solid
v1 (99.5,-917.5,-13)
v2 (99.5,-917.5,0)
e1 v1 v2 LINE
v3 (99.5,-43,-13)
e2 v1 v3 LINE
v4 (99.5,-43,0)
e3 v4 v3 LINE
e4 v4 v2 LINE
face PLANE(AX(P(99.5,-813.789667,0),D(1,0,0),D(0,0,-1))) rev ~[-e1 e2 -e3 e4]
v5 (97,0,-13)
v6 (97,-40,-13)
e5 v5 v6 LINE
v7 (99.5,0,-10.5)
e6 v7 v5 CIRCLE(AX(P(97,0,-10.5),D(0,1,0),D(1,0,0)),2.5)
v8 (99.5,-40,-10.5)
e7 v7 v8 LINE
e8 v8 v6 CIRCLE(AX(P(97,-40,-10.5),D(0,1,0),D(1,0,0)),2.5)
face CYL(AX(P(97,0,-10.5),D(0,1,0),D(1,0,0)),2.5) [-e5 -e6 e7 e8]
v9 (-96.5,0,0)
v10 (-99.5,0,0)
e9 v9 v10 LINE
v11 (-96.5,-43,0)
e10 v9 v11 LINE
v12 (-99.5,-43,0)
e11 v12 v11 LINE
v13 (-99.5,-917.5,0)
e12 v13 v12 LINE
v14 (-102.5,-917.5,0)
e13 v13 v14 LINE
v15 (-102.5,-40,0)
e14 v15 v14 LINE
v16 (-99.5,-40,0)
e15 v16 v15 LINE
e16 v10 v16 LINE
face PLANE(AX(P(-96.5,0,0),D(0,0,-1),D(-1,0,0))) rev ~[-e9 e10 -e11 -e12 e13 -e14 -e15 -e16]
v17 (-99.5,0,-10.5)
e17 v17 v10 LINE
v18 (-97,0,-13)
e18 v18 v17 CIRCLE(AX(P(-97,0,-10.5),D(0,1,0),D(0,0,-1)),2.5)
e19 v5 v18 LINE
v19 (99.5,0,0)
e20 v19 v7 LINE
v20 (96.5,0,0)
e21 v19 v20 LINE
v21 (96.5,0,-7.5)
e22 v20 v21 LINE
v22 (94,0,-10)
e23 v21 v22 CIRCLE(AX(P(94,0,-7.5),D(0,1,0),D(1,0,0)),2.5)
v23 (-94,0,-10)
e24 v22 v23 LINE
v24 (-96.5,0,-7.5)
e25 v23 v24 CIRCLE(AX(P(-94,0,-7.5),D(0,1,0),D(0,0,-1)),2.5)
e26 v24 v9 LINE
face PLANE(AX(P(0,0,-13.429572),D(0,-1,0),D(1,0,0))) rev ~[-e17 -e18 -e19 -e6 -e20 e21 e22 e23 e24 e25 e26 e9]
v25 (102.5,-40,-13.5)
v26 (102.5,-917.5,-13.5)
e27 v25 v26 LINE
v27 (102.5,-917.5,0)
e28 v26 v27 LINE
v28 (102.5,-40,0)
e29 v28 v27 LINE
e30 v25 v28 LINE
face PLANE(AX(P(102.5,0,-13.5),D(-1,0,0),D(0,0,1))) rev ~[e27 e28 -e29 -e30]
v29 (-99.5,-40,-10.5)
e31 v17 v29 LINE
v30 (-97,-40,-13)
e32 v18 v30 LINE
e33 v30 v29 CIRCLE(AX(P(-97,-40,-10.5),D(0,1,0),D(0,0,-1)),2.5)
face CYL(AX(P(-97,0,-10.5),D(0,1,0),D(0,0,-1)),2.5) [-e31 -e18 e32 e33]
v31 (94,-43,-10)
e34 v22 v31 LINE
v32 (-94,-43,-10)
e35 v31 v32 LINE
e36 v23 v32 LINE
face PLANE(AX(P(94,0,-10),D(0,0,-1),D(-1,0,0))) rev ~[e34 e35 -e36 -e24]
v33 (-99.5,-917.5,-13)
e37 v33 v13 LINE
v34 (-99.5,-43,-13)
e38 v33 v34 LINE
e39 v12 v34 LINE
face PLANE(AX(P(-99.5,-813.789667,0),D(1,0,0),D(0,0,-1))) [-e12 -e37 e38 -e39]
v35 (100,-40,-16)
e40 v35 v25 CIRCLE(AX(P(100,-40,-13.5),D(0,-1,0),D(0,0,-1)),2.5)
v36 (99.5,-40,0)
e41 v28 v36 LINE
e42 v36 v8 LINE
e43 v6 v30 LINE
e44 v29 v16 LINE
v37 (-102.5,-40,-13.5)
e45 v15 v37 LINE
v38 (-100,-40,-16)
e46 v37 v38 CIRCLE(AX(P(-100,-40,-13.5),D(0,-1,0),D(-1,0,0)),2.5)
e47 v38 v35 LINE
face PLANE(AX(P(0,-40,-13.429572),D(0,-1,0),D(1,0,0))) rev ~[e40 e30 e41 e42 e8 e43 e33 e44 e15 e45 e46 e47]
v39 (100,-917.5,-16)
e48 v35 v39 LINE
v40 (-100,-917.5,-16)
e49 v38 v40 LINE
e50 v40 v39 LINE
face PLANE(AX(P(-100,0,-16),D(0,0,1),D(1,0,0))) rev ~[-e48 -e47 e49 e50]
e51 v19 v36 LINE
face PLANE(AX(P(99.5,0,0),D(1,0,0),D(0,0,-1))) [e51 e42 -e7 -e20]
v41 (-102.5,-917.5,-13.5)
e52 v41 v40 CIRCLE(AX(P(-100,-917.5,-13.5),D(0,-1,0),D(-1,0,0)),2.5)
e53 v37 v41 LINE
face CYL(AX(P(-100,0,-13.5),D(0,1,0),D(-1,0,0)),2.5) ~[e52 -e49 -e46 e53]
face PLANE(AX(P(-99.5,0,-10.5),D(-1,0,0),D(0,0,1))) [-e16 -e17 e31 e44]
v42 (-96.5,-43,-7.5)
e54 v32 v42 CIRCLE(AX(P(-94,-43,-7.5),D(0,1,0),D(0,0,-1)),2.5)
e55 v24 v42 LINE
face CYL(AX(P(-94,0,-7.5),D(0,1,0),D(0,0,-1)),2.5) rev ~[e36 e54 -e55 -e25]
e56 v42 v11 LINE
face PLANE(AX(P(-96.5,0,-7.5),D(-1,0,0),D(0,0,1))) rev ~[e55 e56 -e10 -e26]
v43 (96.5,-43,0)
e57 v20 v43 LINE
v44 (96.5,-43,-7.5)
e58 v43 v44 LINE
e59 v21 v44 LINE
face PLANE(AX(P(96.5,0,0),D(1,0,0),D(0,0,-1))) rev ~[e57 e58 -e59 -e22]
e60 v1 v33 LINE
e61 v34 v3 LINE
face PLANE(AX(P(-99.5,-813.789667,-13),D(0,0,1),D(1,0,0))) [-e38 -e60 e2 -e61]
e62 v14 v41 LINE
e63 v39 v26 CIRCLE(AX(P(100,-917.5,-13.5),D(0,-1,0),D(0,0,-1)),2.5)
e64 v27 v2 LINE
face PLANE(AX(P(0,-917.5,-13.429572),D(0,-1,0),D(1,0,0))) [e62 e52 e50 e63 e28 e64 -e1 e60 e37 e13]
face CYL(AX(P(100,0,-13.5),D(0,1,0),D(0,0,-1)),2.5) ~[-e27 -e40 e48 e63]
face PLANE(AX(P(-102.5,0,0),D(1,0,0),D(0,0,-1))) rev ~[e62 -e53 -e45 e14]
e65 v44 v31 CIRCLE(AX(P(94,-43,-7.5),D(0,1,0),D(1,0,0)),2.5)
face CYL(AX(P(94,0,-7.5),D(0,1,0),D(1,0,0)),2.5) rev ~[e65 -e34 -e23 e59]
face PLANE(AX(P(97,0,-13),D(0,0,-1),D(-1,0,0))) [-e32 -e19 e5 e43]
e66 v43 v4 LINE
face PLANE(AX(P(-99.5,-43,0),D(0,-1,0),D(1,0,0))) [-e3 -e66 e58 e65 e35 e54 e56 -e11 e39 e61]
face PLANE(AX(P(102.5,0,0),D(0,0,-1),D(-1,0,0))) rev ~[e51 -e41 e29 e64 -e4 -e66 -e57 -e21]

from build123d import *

# Parameters (mm, degrees)
F1_DEPTH = 917.5
F2_DEPTH = 40
F3_W     = 199
F3_H     = 770.7896669658
F4_DEPTH = 13
F5_DEPTH = 110


with BuildPart() as f1:
    # F0 (on Front) → F1 (new body)
    with BuildSketch(Plane.XZ):
        with BuildLine():
            ThreePointArc((-102.5, -13.5), (-101.767766953, -15.267766953), (-100, -16))
            Line((-100, -16), (100, -16))
            ThreePointArc((100, -16), (101.767766953, -15.267766953), (102.5, -13.5))
            Line((102.5, -13.5), (102.5, 0))
            Line((102.5, 0), (99.5, 0))
            Line((99.5, 0), (99.5, -10.5))
            ThreePointArc((99.5, -10.5), (98.767766953, -12.267766953), (97, -13))
            Line((97, -13), (-97, -13))
            ThreePointArc((-97, -13), (-98.767766953, -12.267766953), (-99.5, -10.5))
            Line((-99.5, -10.5), (-99.5, 0))
            Line((-99.5, 0), (-102.5, 0))
            Line((-102.5, 0), (-102.5, -13.5))
        make_face()
        with BuildLine():
            Line((-96.5, 0), (-99.5, 0))
            Line((-99.5, 0), (-99.5, -10.5))
            ThreePointArc((-99.5, -10.5), (-98.767766953, -12.267766953), (-97, -13))
            Line((-97, -13), (97, -13))
            ThreePointArc((97, -13), (98.767766953, -12.267766953), (99.5, -10.5))
            Line((99.5, -10.5), (99.5, 0))
            Line((99.5, 0), (96.5, 0))
            Line((96.5, 0), (96.5, -7.5))
            ThreePointArc((96.5, -7.5), (95.767766953, -9.267766953), (94, -10))
            Line((94, -10), (-94, -10))
            ThreePointArc((-94, -10), (-95.767766953, -9.267766953), (-96.5, -7.5))
            Line((-96.5, -7.5), (-96.5, 0))
        make_face()
    extrude(amount=F1_DEPTH)

    # F0 (on Front) → F2 (cut)
    with BuildSketch(Plane.XZ):
        with BuildLine():
            ThreePointArc((-102.5, -13.5), (-101.767766953, -15.267766953), (-100, -16))
            Line((-100, -16), (100, -16))
            ThreePointArc((100, -16), (101.767766953, -15.267766953), (102.5, -13.5))
            Line((102.5, -13.5), (102.5, 0))
            Line((102.5, 0), (99.5, 0))
            Line((99.5, 0), (99.5, -10.5))
            ThreePointArc((99.5, -10.5), (98.767766953, -12.267766953), (97, -13))
            Line((97, -13), (-97, -13))
            ThreePointArc((-97, -13), (-98.767766953, -12.267766953), (-99.5, -10.5))
            Line((-99.5, -10.5), (-99.5, 0))
            Line((-99.5, 0), (-102.5, 0))
            Line((-102.5, 0), (-102.5, -13.5))
        make_face()
    extrude(amount=F2_DEPTH, mode=Mode.SUBTRACT)

    # F3 (on face) → F4 (cut)
    with BuildSketch(Plane.XY):
        with Locations((0, -428.3948334829)):
            Rectangle(F3_W, F3_H)
    extrude(amount=-F4_DEPTH, mode=Mode.SUBTRACT)

    # F5 (cut): a face of the model
    f5_faces = [f1.faces().sort_by_distance(p)[0] for p in [
        (0, -813.7896669658, -10.9004362027),
    ]]
    extrude(f5_faces, amount=-F5_DEPTH, mode=Mode.SUBTRACT)


solid = f1.part
